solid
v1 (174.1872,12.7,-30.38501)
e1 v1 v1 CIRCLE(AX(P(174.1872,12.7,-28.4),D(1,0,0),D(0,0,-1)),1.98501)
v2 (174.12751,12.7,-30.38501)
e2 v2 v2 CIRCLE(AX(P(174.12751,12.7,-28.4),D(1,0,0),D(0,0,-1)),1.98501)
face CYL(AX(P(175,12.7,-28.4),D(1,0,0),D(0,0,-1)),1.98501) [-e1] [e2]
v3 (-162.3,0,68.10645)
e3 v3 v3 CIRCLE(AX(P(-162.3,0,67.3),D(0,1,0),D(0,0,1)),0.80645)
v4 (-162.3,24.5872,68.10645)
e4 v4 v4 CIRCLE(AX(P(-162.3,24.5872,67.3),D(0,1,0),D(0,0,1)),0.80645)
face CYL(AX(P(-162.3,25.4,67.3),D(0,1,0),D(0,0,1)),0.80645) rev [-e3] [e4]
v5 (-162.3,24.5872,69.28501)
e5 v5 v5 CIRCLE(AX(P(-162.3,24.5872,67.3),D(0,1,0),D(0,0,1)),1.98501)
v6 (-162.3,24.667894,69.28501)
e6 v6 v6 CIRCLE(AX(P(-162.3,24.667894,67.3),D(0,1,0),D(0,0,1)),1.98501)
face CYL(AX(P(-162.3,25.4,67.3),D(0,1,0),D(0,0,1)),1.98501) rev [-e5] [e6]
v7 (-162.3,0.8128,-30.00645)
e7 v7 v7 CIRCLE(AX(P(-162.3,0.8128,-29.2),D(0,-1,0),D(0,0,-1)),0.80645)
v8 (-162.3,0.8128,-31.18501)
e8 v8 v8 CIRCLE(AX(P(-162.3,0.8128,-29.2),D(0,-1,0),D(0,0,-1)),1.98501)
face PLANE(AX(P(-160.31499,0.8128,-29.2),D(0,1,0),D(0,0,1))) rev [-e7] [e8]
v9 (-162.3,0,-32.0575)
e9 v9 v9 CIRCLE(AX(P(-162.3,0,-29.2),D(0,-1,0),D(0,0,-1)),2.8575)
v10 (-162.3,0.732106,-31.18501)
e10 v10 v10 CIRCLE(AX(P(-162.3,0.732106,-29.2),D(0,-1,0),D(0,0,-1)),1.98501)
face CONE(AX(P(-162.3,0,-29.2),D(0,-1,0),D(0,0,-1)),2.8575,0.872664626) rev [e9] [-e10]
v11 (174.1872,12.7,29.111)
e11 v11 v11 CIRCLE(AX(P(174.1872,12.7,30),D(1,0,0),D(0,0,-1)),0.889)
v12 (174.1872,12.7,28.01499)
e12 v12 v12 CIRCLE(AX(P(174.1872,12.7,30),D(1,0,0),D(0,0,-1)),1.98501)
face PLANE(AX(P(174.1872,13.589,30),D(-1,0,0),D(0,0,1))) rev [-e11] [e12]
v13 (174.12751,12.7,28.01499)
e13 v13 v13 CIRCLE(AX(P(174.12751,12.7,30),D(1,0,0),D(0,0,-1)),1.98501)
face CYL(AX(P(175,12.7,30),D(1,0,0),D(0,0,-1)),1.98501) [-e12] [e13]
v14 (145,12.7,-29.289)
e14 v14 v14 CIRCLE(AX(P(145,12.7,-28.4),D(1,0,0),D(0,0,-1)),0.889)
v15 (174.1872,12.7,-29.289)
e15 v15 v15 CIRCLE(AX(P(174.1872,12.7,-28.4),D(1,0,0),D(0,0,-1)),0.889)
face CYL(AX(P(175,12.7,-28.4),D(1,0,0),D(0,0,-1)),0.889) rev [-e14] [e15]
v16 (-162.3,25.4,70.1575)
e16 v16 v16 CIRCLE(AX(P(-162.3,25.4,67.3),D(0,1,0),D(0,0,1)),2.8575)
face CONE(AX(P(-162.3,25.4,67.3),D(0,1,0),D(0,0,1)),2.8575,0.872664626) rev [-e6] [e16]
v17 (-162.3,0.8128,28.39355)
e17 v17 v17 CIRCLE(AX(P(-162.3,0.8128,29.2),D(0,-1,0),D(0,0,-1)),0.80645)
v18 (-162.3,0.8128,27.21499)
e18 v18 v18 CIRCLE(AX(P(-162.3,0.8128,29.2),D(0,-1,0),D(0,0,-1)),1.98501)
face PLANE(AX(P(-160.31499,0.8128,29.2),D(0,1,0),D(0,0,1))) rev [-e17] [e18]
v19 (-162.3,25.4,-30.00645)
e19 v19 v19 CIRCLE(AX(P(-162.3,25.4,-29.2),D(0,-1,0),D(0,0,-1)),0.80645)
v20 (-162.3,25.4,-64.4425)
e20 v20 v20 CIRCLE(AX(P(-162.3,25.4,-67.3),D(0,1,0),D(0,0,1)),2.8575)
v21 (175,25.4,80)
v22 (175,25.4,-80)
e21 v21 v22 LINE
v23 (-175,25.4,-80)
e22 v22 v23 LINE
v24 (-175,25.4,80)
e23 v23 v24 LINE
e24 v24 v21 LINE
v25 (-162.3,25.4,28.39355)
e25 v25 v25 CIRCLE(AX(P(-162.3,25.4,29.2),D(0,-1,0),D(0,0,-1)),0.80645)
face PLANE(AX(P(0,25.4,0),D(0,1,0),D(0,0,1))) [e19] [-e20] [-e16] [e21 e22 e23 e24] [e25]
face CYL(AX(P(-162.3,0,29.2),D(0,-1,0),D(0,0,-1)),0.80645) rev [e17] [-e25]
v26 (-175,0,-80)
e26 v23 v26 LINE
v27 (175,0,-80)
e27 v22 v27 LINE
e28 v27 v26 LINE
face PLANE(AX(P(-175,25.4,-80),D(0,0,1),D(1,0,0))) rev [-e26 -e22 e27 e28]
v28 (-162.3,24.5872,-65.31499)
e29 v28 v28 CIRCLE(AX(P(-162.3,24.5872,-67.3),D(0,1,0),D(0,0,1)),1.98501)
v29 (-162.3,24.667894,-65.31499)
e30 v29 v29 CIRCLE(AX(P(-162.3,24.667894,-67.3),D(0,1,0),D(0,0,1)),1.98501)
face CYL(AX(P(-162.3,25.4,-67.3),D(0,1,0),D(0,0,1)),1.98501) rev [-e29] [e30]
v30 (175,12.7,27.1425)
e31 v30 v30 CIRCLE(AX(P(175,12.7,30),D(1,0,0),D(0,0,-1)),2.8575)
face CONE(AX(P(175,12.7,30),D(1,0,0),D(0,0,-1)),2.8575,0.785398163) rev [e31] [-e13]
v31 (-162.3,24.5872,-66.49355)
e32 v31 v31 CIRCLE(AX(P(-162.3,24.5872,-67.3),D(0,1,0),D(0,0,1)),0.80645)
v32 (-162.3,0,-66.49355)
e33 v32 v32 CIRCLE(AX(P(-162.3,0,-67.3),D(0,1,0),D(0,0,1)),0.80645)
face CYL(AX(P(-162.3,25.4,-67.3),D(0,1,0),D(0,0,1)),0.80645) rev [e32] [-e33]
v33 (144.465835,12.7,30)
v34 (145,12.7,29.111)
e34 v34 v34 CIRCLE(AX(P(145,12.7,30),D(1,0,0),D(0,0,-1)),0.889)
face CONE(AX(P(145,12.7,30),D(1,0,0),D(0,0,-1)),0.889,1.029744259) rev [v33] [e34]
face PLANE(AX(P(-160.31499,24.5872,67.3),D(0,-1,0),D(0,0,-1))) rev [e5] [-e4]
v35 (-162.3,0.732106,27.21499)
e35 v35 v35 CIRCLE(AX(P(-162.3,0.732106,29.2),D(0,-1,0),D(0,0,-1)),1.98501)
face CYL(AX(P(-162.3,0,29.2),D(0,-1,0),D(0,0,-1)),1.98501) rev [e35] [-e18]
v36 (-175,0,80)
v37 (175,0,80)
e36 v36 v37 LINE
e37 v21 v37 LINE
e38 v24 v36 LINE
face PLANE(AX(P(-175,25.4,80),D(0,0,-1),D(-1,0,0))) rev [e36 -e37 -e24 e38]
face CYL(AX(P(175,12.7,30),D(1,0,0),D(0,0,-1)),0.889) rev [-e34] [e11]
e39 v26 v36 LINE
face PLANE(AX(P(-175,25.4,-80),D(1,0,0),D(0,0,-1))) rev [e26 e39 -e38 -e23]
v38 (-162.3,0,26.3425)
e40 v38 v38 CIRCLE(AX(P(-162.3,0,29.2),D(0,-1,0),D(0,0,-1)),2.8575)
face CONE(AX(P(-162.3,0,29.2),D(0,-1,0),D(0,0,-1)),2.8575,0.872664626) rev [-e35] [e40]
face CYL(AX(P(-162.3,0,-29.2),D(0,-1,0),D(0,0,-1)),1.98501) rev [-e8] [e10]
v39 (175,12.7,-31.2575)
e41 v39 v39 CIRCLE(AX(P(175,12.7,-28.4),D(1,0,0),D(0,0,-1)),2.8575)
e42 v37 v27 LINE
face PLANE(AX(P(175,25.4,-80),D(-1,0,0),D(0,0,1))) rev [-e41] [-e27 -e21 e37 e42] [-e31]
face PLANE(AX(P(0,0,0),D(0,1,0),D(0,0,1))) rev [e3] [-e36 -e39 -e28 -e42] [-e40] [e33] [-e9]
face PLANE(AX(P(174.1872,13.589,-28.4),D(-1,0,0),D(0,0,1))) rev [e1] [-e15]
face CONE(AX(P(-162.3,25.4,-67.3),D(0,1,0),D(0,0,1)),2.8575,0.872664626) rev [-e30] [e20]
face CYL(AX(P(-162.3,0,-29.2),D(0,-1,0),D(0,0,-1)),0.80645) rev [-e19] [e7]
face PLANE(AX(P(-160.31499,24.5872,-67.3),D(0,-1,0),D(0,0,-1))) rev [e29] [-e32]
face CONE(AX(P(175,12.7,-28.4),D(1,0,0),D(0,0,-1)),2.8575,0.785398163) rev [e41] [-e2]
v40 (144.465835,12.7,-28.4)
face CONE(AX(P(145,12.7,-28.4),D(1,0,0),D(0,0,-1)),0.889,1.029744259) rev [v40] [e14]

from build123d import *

# Parameters (mm, degrees)
SKETCH1_W                                   = 350
SKETCH1_H                                   = 160
BOSS_EXTRUDE1_DEPTH                         = 25.4
CBORE_FOR_0_BINDING_HEAD_MACHINE_SC_2_COUNT = 2
CBORE_FOR_0_BINDING_HEAD_MACHINE_SC_2_PITCH = 58.4
CBORE_FOR_0_BINDING_HEAD_MACHINE_SC_3_COUNT = 2
CBORE_FOR_0_BINDING_HEAD_MACHINE_SC_3_PITCH = 134.6
CBORE_FOR_0_BINDING_HEAD_MACHINE_SC_4_COUNT = 2
CBORE_FOR_0_BINDING_HEAD_MACHINE_SC_4_PITCH = 58.4


with BuildPart() as part:
    # Sketch1 → Boss-Extrude1 (new body)
    with BuildSketch(Plane(origin=(0, 0, 0), x_dir=(1, 0, 0), z_dir=(0, 1, 0))):
        Rectangle(SKETCH1_W, SKETCH1_H)
    extrude(amount=BOSS_EXTRUDE1_DEPTH)

    # Sketch3 → CBORE for #0 Binding Head Machine Screw3 (revolve, cut)
    with BuildSketch(Plane(origin=(175, 12.7, 30), x_dir=(0, 0, -1), z_dir=(0, 1, 0))):
        Polygon((0, 0), (0, 30.53416509), (0.889, 30), (0.889, 0.8128), (1.98501, 0.8128), (1.98501, 0.87249), (2.8575, 0), align=None)
    cbore_for_0_binding_head_machine_screw3 = revolve(axis=Axis((181.35, 12.7, 30), (-1, 0, 0)), mode=Mode.SUBTRACT)

    # CBORE for _0 Binding Head Machine Sc 2: CBORE for #0 Binding Head Machine Screw3 ×2
    with Locations(*[(0, 0, -i * CBORE_FOR_0_BINDING_HEAD_MACHINE_SC_2_PITCH) for i in range(1, CBORE_FOR_0_BINDING_HEAD_MACHINE_SC_2_COUNT)]):
        add(cbore_for_0_binding_head_machine_screw3, mode=Mode.SUBTRACT)

    # Sketch7 → CBORE for #0 Binding Head Machine Screw1 (revolve, cut)
    with BuildSketch(Plane(origin=(-162.3, 25.4, 67.3), x_dir=(0, 0, 1), z_dir=(1, 0, 0))):
        Polygon((0, 0), (0, 25.4), (0.80645, 25.4), (0.80645, 0.8128), (1.98501, 0.8128), (1.98501, 0.732106037), (2.8575, 0), align=None)
    cbore_for_0_binding_head_machine_screw1 = revolve(axis=Axis((-162.3, 31.75, 67.3), (0, -1, 0)), mode=Mode.SUBTRACT)

    # CBORE for _0 Binding Head Machine Sc 3: CBORE for #0 Binding Head Machine Screw1 ×2
    with Locations(*[(0, 0, -i * CBORE_FOR_0_BINDING_HEAD_MACHINE_SC_3_PITCH) for i in range(1, CBORE_FOR_0_BINDING_HEAD_MACHINE_SC_3_COUNT)]):
        add(cbore_for_0_binding_head_machine_screw1, mode=Mode.SUBTRACT)

    # Sketch9 → CBORE for #0 Binding Head Machine Screw2 (revolve, cut)
    with BuildSketch(Plane(origin=(-162.3, 0, -29.2), x_dir=(0, 0, -1), z_dir=(1, 0, 0))):
        Polygon((0, 0), (0, 25.4), (0.80645, 25.4), (0.80645, 0.8128), (1.98501, 0.8128), (1.98501, 0.732106037), (2.8575, 0), align=None)
    cbore_for_0_binding_head_machine_screw2 = revolve(axis=Axis((-162.3, -6.35, -29.2), (0, 1, 0)), mode=Mode.SUBTRACT)

    # CBORE for _0 Binding Head Machine Sc 4: CBORE for #0 Binding Head Machine Screw2 ×2
    with Locations(*[(0, 0, i * CBORE_FOR_0_BINDING_HEAD_MACHINE_SC_4_PITCH) for i in range(1, CBORE_FOR_0_BINDING_HEAD_MACHINE_SC_4_COUNT)]):
        add(cbore_for_0_binding_head_machine_screw2, mode=Mode.SUBTRACT)


solid = part.part
